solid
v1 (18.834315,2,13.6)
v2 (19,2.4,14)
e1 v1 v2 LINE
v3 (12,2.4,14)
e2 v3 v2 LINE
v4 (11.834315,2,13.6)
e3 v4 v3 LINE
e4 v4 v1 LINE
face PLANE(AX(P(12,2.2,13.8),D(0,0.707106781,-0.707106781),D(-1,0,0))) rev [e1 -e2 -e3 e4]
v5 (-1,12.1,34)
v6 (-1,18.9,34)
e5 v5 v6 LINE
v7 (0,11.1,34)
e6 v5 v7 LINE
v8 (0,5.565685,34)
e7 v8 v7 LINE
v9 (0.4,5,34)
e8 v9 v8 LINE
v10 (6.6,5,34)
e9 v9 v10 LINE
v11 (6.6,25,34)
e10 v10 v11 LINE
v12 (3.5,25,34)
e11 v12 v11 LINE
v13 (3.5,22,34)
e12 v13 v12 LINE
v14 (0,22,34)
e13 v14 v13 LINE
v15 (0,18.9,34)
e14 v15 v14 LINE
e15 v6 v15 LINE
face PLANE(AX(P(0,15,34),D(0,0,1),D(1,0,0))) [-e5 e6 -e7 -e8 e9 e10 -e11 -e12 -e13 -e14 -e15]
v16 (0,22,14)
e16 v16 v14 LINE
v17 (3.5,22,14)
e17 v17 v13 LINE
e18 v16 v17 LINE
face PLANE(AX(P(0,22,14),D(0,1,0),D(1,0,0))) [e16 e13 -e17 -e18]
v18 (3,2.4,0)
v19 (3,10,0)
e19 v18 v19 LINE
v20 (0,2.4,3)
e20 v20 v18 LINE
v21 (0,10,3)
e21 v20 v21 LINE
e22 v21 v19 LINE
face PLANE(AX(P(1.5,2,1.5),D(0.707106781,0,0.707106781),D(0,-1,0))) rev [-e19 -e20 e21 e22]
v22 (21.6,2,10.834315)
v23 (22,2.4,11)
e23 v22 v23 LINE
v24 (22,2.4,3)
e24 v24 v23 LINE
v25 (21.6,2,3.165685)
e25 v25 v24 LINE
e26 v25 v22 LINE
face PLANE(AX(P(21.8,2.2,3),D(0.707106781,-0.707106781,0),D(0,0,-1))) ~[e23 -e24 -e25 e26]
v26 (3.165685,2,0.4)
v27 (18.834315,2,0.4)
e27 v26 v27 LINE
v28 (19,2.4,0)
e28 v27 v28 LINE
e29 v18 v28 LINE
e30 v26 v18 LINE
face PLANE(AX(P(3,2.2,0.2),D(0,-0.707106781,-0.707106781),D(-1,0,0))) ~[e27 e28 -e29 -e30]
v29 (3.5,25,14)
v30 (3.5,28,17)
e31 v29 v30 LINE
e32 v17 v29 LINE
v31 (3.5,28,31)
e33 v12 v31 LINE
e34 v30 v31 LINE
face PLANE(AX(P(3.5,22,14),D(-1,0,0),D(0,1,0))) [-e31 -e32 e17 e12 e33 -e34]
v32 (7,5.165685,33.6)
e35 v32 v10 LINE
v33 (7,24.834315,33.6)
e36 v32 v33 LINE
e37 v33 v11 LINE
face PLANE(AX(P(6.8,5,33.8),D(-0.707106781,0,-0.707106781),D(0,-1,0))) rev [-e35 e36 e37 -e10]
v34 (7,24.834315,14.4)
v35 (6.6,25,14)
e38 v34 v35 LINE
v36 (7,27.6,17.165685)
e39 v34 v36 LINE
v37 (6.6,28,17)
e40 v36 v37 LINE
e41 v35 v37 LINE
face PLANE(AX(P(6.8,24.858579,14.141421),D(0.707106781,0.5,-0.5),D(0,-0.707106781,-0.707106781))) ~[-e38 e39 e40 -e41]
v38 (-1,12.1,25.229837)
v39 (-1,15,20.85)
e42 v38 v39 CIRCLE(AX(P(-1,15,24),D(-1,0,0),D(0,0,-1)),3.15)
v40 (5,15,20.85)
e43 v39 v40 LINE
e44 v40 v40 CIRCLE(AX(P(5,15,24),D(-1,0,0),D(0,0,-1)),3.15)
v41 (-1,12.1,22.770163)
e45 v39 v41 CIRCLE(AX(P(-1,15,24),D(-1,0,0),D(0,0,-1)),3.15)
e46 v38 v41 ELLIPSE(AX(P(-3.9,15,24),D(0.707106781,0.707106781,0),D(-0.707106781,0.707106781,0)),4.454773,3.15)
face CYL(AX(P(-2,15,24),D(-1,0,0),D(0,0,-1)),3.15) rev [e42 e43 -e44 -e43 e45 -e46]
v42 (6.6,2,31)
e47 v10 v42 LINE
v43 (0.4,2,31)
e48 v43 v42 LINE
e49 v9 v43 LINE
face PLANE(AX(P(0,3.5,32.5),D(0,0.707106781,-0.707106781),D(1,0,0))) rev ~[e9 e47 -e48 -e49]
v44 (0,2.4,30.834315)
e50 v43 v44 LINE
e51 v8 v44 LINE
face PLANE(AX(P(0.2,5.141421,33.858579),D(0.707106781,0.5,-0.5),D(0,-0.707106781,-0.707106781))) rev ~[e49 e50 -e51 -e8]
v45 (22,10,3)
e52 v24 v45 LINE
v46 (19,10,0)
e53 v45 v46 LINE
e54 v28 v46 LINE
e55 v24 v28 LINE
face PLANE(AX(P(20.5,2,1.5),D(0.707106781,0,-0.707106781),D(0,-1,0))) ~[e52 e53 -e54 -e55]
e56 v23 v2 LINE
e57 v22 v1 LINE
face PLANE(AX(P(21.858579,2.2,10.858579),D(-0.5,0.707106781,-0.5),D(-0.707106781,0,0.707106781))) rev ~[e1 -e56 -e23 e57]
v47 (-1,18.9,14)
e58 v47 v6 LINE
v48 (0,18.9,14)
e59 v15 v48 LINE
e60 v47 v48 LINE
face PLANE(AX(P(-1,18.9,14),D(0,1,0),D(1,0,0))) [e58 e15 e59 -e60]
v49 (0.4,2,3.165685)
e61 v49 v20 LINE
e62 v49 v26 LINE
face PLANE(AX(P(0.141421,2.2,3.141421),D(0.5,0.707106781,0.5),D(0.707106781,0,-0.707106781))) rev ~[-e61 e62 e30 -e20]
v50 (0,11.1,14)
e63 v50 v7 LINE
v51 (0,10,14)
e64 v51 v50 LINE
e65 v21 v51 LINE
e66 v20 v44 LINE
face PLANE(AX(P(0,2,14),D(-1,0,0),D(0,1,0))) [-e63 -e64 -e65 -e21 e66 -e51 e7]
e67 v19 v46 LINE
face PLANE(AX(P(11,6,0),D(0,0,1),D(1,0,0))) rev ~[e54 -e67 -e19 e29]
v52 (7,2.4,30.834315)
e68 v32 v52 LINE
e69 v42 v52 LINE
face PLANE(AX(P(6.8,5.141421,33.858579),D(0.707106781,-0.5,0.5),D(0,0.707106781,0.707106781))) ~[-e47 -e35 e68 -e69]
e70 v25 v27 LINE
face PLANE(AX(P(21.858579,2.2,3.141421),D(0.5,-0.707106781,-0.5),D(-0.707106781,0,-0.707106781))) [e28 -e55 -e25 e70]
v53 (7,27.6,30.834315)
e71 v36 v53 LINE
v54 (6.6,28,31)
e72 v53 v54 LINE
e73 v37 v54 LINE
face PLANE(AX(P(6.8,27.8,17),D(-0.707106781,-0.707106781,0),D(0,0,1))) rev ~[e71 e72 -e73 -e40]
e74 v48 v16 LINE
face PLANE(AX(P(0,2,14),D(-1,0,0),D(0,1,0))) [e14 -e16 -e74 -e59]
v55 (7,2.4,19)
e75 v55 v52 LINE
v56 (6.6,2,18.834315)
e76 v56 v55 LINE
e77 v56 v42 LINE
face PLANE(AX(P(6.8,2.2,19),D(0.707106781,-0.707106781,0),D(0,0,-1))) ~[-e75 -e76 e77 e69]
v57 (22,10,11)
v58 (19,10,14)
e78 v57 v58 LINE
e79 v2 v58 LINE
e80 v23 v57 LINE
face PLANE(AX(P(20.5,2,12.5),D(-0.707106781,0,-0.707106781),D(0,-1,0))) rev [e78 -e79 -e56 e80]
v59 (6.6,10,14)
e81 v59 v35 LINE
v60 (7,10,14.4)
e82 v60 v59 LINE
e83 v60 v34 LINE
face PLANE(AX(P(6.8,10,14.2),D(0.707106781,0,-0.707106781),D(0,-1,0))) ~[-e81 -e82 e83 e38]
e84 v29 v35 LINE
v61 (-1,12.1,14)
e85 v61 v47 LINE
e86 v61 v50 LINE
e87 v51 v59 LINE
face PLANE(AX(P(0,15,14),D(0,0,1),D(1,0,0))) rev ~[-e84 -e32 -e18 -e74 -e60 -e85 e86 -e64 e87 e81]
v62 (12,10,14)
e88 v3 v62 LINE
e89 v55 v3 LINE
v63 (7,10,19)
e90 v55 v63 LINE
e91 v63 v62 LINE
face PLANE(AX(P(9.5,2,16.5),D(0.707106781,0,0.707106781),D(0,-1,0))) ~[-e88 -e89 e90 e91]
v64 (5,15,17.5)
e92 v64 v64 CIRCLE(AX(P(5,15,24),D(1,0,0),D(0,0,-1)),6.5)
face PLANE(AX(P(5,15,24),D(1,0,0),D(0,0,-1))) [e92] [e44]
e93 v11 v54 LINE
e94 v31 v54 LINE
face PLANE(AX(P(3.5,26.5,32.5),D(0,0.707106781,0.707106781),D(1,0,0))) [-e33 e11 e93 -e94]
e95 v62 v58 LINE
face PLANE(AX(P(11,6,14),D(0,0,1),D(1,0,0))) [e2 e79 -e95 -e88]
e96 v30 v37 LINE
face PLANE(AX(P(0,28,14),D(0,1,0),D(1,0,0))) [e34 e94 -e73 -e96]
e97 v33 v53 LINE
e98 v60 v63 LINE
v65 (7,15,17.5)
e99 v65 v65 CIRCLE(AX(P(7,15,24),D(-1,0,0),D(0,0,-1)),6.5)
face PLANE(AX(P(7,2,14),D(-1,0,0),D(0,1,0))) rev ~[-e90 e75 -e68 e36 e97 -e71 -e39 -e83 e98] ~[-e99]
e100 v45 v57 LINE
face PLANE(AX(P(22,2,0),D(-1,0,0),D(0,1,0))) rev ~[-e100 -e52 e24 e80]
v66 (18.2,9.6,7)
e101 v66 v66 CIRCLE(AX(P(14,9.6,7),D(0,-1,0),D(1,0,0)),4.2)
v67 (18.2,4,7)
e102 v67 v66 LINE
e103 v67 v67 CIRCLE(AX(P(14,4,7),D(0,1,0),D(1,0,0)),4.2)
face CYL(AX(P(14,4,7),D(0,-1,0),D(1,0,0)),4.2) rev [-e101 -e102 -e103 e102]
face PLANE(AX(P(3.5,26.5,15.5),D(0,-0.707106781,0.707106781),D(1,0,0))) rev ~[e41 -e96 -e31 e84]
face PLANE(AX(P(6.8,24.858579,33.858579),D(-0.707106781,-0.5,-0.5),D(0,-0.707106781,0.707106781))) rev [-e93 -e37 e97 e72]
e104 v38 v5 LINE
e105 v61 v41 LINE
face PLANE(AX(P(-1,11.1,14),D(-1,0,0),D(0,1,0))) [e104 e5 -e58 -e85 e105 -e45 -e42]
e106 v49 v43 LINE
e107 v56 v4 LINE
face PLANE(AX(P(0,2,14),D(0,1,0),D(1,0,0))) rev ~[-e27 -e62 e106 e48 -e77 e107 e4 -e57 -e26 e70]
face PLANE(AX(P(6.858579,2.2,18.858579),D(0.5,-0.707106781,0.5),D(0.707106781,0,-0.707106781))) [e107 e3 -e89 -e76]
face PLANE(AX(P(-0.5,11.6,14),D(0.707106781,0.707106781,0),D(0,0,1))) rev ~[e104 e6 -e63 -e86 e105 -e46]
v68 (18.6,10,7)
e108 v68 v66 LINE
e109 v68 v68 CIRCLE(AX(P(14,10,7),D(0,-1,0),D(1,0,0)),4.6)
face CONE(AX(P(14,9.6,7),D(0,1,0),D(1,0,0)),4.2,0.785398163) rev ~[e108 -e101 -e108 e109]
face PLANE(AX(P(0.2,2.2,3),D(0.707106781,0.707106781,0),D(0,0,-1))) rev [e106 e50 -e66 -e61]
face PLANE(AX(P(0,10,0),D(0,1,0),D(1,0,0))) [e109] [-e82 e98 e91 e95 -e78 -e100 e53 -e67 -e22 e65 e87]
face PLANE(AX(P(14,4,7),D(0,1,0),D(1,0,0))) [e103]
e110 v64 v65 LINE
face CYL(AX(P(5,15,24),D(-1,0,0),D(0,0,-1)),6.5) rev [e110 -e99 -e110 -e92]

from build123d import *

# Parameters (mm, degrees)
CYLINDER_R        = 4.2
CYLINDER_DEPTH    = 10
CYLINDER001_R     = 6.5
CYLINDER001_DEPTH = 10
CYLINDER002_R     = 3.15
CYLINDER002_DEPTH = 10
BOX002_W          = 3.5
BOX002_H          = 8
BOX002_DEPTH      = 20
BOX001_W          = 7
BOX001_H          = 26
BOX001_DEPTH      = 20
CHAMFER004_SIZE   = 3
BOX003_W          = 2
BOX003_H          = 7.8
BOX003_DEPTH      = 20
CHAMFER003_SIZE   = 1
BOX_W             = 22
BOX_H             = 8
BOX_DEPTH         = 14
CHAMFER_SIZE      = 3
CHAMFER005_SIZE   = 5
CHAMFER006_SIZE   = 0.4


with BuildPart() as cylinder:
    # Cylinder → Cylinder (new body)
    with BuildSketch(Plane(origin=(14, 4, 7), x_dir=(1, 0, 0), z_dir=(0, 1, 0))):
        Circle(CYLINDER_R)
    extrude(amount=CYLINDER_DEPTH)


with BuildPart() as cylinder001:
    # Cylinder001 → Cylinder001 (new body)
    with BuildSketch(Plane(origin=(5, 15, 24), x_dir=(0, 0, -1), z_dir=(1, 0, 0))):
        Circle(CYLINDER001_R)
    extrude(amount=CYLINDER001_DEPTH)


with BuildPart() as fusion001:
    # Cylinder002 → Cylinder002 (new body)
    with BuildSketch(Plane(origin=(-2, 15, 24), x_dir=(0, 0, -1), z_dir=(1, 0, 0))):
        Circle(CYLINDER002_R)
    extrude(amount=CYLINDER002_DEPTH)

    # Fusion001: union Cylinder001
    add(cylinder001.part)


with BuildPart() as cube002:
    # Box002 → Box002 (new body)
    with BuildSketch(Plane(origin=(0, 22, 14), x_dir=(1, 0, 0), z_dir=(0, 0, 1))):
        with Locations((1.75, 4)):
            Rectangle(BOX002_W, BOX002_H)
    extrude(amount=BOX002_DEPTH)


with BuildPart() as chamfer004:
    # Box001 → Box001 (new body)
    with BuildSketch(Plane(origin=(0, 2, 14), x_dir=(1, 0, 0), z_dir=(0, 0, 1))):
        with Locations((3.5, 13)):
            Rectangle(BOX001_W, BOX001_H)
    extrude(amount=BOX001_DEPTH)

    # Cut: cut Cube002
    add(cube002.part, mode=Mode.SUBTRACT)

    # Chamfer004
    chamfer004_edges = [chamfer004.edges().sort_by_distance(p)[0] for p in [
        (5.25, 28, 34),
        (3.5, 2, 34),
        (5.25, 28, 14),
    ]]
    chamfer(chamfer004_edges, length=CHAMFER004_SIZE)


with BuildPart() as chamfer003:
    # Box003 → Box003 (new body)
    with BuildSketch(Plane(origin=(-1, 11.1, 14), x_dir=(1, 0, 0), z_dir=(0, 0, 1))):
        with Locations((1, 3.9)):
            Rectangle(BOX003_W, BOX003_H)
    extrude(amount=BOX003_DEPTH)

    # Chamfer003
    chamfer003_edges = [chamfer003.edges().sort_by_distance(p)[0] for p in [
        (-1, 11.1, 24),
    ]]
    chamfer(chamfer003_edges, length=CHAMFER003_SIZE)


with BuildPart() as chamfer006:
    # Box → Box (new body)
    with BuildSketch(Plane(origin=(0, 2, 0), x_dir=(1, 0, 0), z_dir=(0, 0, 1))):
        with Locations((11, 4)):
            Rectangle(BOX_W, BOX_H)
    extrude(amount=BOX_DEPTH)

    # Chamfer
    chamfer_edges = [chamfer006.edges().sort_by_distance(p)[0] for p in [
        (0, 6, 0),
        (22, 6, 14),
        (22, 6, 0),
    ]]
    chamfer(chamfer_edges, length=CHAMFER_SIZE)

    # Fusion: union Chamfer004, Chamfer003
    add(chamfer004.part)
    add(chamfer003.part)

    # Chamfer005
    chamfer005_edges = [chamfer006.edges().sort_by_distance(p)[0] for p in [
        (7, 6, 14),
    ]]
    chamfer(chamfer005_edges, length=CHAMFER005_SIZE)

    # Cut010011008009003016026008002: cut Fusion001
    add(fusion001.part, mode=Mode.SUBTRACT)

    # Cut010011008009003016026008003: cut Cylinder
    add(cylinder.part, mode=Mode.SUBTRACT)

    # Chamfer006
    chamfer006_edges = [chamfer006.edges().sort_by_distance(p)[0] for p in [
        (15.5, 2, 14),
        (20.5, 2, 12.5),
        (22, 2, 7),
        (20.5, 2, 1.5),
        (11, 2, 0),
        (1.5, 2, 1.5),
        (9.8, 10, 7),
        (9.5, 2, 16.5),
        (7, 2, 25),
        (7, 3.5, 32.5),
        (7, 15, 34),
        (7, 17.5, 14),
        (7, 26.5, 32.5),
        (7, 26.5, 15.5),
        (7, 28, 24),
        (0, 3.5, 32.5),
        (0, 2, 17),
    ]]
    chamfer(chamfer006_edges, length=CHAMFER006_SIZE)


solid = chamfer006.part
